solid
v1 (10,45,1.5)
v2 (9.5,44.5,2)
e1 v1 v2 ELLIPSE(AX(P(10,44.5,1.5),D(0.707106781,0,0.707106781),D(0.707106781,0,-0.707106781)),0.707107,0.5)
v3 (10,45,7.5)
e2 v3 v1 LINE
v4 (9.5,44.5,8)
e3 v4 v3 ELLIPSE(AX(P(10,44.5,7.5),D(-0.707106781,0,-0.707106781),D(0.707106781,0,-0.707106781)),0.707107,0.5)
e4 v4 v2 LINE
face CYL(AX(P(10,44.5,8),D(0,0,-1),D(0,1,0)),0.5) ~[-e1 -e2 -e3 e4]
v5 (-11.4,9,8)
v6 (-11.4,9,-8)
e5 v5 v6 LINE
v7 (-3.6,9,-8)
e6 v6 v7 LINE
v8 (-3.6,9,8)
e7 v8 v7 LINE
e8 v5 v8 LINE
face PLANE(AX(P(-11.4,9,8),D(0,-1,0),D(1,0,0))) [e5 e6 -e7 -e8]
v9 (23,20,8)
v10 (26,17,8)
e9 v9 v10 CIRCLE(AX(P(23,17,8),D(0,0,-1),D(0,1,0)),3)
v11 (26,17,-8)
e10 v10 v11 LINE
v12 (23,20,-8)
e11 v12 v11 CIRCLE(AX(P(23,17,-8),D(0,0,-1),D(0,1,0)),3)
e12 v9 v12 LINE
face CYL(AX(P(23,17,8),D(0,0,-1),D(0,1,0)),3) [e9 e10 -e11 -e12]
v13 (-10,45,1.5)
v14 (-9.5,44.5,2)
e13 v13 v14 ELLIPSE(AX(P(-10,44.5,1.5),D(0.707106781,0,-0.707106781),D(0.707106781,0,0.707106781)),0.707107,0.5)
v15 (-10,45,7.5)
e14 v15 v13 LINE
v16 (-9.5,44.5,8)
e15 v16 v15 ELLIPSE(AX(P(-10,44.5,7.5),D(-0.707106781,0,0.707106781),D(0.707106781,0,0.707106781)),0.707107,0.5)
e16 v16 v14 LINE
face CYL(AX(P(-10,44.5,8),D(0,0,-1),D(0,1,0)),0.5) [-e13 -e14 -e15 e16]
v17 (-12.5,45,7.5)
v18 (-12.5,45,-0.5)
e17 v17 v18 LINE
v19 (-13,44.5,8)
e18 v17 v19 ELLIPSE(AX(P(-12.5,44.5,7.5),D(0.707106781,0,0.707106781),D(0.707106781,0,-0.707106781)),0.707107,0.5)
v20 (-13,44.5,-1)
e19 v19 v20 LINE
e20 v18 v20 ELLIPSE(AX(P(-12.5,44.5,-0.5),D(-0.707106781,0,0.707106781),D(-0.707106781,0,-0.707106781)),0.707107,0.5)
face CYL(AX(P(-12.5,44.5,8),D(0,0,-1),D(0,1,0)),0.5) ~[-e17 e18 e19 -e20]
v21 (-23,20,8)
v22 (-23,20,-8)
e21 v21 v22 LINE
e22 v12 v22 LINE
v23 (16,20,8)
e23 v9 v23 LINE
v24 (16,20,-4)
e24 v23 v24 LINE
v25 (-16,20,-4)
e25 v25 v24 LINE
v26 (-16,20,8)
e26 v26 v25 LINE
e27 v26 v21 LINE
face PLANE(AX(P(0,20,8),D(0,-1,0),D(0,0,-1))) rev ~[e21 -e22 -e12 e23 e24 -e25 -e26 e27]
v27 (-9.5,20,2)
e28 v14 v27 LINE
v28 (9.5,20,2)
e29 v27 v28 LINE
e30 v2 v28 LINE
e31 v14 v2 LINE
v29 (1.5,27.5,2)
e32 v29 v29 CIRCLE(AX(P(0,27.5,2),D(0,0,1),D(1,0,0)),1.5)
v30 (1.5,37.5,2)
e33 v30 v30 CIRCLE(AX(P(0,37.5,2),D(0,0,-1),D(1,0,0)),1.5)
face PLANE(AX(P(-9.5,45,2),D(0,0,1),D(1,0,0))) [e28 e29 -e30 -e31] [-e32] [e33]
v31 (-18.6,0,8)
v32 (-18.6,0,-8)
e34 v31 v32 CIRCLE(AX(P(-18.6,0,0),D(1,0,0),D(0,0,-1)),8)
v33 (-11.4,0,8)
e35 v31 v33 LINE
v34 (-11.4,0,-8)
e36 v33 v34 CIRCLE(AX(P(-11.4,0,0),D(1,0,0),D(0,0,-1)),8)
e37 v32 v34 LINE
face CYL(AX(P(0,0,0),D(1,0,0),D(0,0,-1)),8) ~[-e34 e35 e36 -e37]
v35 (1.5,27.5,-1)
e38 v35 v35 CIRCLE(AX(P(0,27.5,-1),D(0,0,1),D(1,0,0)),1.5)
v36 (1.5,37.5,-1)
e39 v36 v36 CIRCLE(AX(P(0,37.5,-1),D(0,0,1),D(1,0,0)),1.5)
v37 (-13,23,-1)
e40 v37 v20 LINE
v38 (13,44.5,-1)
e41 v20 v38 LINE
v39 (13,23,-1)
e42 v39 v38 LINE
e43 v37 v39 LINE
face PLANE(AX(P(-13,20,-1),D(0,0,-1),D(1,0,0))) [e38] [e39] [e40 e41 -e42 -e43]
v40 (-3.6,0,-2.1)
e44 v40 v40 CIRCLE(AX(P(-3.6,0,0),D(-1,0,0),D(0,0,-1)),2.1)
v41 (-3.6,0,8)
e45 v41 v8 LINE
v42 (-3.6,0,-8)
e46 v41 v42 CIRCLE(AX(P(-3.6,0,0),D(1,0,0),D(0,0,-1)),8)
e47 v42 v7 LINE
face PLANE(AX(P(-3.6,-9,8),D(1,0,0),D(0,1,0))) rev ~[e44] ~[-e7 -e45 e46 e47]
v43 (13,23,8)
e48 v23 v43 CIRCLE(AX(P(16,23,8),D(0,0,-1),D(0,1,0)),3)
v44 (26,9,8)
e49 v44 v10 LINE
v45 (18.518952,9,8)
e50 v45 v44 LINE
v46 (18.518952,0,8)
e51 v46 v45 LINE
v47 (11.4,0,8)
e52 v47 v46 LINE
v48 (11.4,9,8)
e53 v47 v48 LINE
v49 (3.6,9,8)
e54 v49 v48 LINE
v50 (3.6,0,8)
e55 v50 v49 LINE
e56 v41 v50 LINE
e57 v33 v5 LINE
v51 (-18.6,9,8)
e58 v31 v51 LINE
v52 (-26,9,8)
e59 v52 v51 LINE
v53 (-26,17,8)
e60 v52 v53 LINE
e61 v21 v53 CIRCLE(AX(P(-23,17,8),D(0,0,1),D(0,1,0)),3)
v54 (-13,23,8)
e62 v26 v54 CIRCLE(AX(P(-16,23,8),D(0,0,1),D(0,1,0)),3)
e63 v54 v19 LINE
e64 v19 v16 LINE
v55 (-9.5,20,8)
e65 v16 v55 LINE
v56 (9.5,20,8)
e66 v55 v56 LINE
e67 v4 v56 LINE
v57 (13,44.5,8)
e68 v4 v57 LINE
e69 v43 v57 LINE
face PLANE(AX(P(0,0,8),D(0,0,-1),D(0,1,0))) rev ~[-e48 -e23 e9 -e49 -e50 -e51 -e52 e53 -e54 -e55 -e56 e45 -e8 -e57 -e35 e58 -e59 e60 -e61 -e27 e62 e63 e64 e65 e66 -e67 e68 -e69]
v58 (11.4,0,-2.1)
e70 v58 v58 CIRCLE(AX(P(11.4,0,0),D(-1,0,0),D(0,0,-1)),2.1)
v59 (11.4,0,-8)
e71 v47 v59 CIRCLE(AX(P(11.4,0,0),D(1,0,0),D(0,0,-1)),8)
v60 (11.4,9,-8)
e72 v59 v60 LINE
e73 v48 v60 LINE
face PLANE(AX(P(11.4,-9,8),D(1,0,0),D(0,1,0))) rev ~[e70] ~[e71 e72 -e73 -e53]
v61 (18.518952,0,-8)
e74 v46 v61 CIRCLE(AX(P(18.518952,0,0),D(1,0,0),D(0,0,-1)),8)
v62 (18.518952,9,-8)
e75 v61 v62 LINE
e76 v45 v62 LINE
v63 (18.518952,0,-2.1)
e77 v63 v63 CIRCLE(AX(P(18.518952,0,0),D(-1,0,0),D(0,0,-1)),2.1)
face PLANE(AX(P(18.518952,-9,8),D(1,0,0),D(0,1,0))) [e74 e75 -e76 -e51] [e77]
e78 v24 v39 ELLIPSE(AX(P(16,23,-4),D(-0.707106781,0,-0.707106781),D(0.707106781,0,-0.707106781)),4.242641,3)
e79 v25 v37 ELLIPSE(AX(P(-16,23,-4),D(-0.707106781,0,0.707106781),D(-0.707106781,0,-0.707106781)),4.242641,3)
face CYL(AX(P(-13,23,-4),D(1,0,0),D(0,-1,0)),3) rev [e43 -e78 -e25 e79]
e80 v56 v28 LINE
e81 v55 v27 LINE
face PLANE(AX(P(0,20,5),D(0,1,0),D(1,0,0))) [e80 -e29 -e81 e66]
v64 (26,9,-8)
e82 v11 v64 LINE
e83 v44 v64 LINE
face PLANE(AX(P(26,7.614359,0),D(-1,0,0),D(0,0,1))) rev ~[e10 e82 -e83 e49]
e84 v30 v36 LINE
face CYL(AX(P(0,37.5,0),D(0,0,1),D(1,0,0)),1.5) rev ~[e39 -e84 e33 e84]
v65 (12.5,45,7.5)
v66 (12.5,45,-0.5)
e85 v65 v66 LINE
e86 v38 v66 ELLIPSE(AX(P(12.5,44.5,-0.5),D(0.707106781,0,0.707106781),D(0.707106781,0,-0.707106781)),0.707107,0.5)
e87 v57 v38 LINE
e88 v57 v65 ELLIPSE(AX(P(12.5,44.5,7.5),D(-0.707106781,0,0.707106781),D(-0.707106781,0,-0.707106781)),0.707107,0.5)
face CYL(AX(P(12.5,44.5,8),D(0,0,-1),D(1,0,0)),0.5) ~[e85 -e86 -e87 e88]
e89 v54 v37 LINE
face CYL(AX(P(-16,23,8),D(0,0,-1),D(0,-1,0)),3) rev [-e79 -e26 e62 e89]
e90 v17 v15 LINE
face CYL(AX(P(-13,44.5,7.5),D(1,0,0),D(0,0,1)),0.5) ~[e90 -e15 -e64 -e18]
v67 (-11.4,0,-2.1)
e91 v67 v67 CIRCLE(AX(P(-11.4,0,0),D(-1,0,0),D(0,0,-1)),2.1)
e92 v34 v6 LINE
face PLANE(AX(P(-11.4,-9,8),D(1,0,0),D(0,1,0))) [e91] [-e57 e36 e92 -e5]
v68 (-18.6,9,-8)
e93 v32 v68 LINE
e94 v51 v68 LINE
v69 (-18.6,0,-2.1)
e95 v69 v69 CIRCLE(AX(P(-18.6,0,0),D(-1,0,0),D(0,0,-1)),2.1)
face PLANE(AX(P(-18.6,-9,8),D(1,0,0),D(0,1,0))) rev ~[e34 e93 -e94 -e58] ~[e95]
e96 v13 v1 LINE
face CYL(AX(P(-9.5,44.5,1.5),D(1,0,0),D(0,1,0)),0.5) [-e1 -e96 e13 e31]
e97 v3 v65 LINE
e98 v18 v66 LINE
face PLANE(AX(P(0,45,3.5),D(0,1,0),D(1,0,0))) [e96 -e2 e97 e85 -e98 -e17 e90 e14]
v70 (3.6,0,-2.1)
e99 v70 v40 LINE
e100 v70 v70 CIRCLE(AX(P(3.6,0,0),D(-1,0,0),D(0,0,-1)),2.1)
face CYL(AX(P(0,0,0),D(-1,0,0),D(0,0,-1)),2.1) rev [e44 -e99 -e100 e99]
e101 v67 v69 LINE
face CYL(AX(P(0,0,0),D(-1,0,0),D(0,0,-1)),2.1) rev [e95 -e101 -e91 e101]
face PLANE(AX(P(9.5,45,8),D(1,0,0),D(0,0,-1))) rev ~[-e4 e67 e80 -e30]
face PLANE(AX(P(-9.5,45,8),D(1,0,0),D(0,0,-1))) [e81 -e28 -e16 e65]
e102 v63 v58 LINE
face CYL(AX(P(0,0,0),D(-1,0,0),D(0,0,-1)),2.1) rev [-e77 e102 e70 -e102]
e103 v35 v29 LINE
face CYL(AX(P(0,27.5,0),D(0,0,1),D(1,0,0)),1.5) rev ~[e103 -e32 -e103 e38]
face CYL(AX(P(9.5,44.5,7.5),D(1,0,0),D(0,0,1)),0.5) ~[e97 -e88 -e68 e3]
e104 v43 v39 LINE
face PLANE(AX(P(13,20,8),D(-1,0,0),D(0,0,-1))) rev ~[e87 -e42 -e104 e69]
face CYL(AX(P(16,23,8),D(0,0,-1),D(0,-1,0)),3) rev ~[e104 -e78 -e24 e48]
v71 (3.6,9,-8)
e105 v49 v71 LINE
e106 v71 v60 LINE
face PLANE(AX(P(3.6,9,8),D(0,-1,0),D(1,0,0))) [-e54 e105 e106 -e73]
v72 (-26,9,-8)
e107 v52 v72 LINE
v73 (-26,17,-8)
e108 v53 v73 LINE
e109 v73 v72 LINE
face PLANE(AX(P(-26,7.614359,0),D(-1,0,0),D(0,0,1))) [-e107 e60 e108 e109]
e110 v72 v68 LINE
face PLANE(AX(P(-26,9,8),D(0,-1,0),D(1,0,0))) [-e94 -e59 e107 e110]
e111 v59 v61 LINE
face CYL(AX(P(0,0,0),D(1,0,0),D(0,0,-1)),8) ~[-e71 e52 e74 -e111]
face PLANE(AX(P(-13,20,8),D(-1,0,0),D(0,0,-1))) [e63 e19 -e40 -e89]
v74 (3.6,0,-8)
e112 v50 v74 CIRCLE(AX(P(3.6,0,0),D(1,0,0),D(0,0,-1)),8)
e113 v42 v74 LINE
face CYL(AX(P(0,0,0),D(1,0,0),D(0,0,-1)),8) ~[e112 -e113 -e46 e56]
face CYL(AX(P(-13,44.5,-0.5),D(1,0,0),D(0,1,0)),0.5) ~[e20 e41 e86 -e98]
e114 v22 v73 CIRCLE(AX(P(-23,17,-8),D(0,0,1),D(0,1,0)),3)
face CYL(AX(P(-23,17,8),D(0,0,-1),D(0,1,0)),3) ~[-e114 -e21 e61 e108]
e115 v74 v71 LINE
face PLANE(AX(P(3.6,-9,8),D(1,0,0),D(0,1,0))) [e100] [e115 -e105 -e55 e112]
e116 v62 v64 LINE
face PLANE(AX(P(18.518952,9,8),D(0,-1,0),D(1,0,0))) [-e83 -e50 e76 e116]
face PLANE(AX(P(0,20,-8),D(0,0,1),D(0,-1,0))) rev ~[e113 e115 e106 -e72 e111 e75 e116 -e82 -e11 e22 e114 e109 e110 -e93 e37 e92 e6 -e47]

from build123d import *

# Parameters (mm, degrees)
SKETCH2_R           = 2.1
BOSS_EXTRUDE1_DEPTH = 26
SKETCH3_W           = 7.4
SKETCH3_H           = 18
SKETCH3_W_2         = 7.8
SKETCH3_W_3         = 7.481047655
CUT_EXTRUDE1_DEPTH  = 17
SKETCH4_W           = 26
SKETCH4_H           = 9
BOSS_EXTRUDE2_DEPTH = 25
SKETCH5_W           = 19
SKETCH5_H           = 6
CUT_EXTRUDE2_DEPTH  = 25
FILLET1_R           = 3
FILLET2_R           = 3
FILLET3_R           = 0.5
SKETCH6_R           = 1.5
CUT_EXTRUDE3_DEPTH  = 12.5


with BuildPart() as part:
    # Sketch2 → Boss-Extrude1 (new body, symmetric)
    with BuildSketch(Plane(origin=(0, 0, 0), x_dir=(0, 0, -1), z_dir=(1, 0, 0))):
        with BuildLine():
            Line((-8, 0), (-8, 20))
            Line((-8, 20), (8, 20))
            Line((8, 20), (8, 0))
            ThreePointArc((8, 0), (0, -8), (-8, 0))
        make_face()
        Circle(SKETCH2_R, mode=Mode.SUBTRACT)
    extrude(amount=BOSS_EXTRUDE1_DEPTH, both=True)

    # Sketch3 → Cut-Extrude1 (cut, through all)
    with BuildSketch(Plane.XY.offset(8)):
        with Locations((-22.3, 0)):
            Rectangle(SKETCH3_W, SKETCH3_H)
        with Locations((-7.5, 0)):
            Rectangle(SKETCH3_W_2, SKETCH3_H)
        with Locations((7.5, 0)):
            Rectangle(SKETCH3_W_2, SKETCH3_H)
        with Locations((22.259476173, 0)):
            Rectangle(SKETCH3_W_3, SKETCH3_H)
    extrude(amount=-CUT_EXTRUDE1_DEPTH, mode=Mode.SUBTRACT)

    # Sketch4 → Boss-Extrude2 (add)
    with BuildSketch(Plane(origin=(0, 20, 0), x_dir=(1, 0, 0), z_dir=(0, 1, 0))):
        with Locations((0, -3.5)):
            Rectangle(SKETCH4_W, SKETCH4_H)
    extrude(amount=BOSS_EXTRUDE2_DEPTH)

    # Sketch5 → Cut-Extrude2 (cut)
    with BuildSketch(Plane(origin=(0, 45, 0), x_dir=(1, 0, 0), z_dir=(0, 1, 0))):
        with Locations((0, -5)):
            Rectangle(SKETCH5_W, SKETCH5_H)
    extrude(amount=-CUT_EXTRUDE2_DEPTH, mode=Mode.SUBTRACT)

    # Fillet1
    fillet1_edges = [part.edges().sort_by_distance(p)[0] for p in [
        (-13, 20, 3.5),
        (13, 20, 3.5),
        (0, 20, -1),
    ]]
    fillet(fillet1_edges, radius=FILLET1_R)

    # Fillet2
    fillet2_edges = [part.edges().sort_by_distance(p)[0] for p in [
        (26, 20, 0),
        (-26, 20, 0),
    ]]
    fillet(fillet2_edges, radius=FILLET2_R)

    # Fillet3
    fillet3_edges = [part.edges().sort_by_distance(p)[0] for p in [
        (-13, 45, 3.5),
        (-11.25, 45, 8),
        (13, 45, 3.5),
        (0, 45, -1),
        (11.25, 45, 8),
        (9.5, 45, 5),
        (0, 45, 2),
        (-9.5, 45, 5),
    ]]
    fillet(fillet3_edges, radius=FILLET3_R)

    # Sketch6 → Cut-Extrude3 (cut, symmetric)
    with BuildSketch(Plane.XY):
        with Locations((0, 37.5)):
            Circle(SKETCH6_R)
        with Locations((0, 27.5)):
            Circle(SKETCH6_R)
    extrude(amount=CUT_EXTRUDE3_DEPTH, both=True, mode=Mode.SUBTRACT)


solid = part.part
